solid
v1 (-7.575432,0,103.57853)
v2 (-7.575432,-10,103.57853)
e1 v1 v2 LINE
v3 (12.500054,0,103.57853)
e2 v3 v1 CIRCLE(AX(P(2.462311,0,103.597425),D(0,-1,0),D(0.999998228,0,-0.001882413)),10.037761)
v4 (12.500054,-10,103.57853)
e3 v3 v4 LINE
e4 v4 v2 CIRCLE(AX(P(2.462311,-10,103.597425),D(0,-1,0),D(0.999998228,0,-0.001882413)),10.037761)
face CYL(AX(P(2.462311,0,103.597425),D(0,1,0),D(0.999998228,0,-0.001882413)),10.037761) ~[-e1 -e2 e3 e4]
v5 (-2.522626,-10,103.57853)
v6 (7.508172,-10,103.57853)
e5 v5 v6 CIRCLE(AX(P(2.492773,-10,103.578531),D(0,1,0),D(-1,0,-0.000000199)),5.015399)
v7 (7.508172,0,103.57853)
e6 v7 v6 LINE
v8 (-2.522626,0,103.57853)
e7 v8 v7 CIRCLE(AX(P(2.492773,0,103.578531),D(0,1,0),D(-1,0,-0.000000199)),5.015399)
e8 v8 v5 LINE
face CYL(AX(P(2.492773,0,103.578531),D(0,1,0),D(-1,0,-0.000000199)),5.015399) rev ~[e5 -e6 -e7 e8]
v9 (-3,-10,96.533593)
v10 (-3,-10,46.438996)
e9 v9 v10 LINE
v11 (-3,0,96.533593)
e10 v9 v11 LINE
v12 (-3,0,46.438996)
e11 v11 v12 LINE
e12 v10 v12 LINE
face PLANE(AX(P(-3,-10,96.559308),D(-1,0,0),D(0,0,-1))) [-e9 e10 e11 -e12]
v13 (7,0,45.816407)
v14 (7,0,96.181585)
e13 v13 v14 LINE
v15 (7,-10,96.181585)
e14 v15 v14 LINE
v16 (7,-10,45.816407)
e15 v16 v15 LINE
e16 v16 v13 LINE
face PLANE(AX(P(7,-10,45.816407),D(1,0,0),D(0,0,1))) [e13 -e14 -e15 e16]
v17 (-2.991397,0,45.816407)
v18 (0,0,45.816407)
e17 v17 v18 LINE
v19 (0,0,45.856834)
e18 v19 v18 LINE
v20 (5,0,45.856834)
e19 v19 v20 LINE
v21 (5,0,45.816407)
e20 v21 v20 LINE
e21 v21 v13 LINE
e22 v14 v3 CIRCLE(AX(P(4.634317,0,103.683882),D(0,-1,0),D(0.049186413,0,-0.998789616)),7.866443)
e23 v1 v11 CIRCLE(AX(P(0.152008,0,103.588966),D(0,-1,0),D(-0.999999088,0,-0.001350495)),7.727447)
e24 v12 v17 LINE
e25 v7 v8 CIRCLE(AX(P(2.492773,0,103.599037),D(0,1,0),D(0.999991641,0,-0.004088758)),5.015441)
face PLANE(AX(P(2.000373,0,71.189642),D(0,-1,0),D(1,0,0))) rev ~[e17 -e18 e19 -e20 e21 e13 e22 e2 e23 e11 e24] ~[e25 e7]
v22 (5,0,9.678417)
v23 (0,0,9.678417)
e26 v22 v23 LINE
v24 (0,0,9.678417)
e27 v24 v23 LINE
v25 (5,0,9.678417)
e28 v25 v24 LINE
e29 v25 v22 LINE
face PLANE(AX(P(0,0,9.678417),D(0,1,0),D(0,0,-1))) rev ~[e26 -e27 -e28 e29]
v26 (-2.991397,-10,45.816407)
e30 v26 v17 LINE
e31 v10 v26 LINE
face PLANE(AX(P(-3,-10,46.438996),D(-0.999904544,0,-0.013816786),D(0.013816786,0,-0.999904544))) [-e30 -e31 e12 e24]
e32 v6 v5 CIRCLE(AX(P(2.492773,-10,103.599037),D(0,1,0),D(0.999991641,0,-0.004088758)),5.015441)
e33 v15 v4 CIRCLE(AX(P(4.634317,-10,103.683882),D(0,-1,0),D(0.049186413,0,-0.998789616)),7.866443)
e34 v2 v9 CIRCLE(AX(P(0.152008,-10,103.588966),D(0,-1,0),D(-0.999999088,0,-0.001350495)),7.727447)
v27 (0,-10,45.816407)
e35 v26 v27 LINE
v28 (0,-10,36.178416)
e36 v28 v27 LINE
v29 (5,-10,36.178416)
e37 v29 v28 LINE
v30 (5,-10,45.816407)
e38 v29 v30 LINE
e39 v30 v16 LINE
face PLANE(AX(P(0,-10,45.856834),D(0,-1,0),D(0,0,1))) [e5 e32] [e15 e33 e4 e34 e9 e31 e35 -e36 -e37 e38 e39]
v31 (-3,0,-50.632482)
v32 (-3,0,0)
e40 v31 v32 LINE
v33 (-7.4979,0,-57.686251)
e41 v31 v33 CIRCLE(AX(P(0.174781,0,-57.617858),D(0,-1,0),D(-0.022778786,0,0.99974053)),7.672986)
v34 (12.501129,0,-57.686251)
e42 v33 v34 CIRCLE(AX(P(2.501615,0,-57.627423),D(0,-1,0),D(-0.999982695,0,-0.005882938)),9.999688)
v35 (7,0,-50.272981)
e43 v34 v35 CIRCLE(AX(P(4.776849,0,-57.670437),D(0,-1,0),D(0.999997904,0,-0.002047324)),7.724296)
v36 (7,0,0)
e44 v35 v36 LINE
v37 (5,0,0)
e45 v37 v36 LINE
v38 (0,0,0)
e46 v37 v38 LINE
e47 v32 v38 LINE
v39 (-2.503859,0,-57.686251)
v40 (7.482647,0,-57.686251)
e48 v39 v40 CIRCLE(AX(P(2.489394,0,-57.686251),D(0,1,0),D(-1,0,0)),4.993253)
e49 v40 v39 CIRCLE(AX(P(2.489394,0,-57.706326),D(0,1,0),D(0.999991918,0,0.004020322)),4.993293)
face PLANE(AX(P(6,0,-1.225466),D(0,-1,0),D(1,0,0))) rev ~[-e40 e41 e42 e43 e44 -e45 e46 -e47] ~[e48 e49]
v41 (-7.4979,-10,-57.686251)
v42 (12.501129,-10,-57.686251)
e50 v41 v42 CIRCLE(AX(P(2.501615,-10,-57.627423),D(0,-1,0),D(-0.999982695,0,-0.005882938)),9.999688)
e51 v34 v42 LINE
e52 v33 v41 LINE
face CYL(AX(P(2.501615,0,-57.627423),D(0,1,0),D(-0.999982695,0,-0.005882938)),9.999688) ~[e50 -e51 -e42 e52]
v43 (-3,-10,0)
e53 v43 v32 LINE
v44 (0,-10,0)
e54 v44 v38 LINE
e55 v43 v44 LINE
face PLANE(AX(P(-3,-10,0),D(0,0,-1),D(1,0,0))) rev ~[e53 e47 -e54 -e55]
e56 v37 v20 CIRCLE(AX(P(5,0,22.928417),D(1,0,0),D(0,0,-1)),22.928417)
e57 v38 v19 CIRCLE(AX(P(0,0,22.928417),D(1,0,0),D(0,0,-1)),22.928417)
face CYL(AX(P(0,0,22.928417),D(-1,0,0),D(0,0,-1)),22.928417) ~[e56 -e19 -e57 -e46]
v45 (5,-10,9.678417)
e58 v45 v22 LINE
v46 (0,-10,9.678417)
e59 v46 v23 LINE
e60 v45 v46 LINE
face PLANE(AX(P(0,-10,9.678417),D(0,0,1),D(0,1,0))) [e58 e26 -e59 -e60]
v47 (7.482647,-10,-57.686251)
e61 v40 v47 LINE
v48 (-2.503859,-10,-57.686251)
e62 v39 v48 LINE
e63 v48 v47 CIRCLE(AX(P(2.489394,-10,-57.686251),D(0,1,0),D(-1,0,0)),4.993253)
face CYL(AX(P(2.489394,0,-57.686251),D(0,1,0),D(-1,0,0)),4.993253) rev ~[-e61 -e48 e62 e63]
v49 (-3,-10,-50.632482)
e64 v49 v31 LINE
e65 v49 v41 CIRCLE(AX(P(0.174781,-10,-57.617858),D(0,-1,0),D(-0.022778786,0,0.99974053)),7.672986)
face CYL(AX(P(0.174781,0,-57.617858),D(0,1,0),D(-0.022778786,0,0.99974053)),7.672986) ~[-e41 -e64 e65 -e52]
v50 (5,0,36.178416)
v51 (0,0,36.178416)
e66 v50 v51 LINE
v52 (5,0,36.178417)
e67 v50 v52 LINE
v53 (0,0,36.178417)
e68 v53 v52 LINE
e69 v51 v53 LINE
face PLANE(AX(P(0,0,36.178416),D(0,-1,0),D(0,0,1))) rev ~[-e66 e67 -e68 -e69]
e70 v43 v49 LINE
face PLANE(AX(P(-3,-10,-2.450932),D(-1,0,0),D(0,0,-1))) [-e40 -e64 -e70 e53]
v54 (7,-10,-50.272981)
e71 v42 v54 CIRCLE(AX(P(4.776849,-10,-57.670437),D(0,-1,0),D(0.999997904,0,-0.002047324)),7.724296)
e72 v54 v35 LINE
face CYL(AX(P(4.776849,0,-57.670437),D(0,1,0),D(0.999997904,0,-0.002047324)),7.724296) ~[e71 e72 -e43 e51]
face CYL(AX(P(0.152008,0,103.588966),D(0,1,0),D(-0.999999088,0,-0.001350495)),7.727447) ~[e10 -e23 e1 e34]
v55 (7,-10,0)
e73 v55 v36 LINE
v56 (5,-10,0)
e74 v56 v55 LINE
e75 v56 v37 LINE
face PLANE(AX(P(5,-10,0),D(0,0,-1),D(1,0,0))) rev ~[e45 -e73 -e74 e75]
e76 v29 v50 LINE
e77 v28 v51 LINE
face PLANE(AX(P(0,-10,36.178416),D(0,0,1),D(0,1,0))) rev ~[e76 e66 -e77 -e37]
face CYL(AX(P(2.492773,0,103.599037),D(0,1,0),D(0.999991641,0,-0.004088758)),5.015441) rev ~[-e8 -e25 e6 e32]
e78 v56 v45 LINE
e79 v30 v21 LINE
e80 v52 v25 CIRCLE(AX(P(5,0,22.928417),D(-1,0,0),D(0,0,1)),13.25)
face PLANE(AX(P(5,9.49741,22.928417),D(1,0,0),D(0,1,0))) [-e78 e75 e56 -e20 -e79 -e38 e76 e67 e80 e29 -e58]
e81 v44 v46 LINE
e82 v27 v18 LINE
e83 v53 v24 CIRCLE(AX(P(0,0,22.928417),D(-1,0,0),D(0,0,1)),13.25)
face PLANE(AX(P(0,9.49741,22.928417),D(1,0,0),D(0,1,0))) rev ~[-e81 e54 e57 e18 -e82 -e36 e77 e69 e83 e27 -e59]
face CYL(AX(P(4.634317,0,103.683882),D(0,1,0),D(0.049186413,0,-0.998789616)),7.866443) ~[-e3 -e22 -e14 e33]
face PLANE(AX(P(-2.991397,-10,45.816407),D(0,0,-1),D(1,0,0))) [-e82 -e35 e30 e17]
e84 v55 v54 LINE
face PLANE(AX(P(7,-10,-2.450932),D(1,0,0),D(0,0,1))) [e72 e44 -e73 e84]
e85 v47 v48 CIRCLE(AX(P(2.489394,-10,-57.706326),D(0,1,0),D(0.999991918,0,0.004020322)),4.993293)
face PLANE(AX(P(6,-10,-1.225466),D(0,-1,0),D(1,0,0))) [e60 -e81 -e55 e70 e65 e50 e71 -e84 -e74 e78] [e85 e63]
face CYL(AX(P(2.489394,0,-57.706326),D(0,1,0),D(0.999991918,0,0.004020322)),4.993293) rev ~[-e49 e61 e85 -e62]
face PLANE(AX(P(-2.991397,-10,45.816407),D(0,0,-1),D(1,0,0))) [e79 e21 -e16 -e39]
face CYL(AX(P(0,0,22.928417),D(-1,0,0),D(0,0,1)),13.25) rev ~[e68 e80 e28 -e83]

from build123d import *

# Parameters (mm, degrees)
F0_W      = 10
F0_H      = 50
F0_H_2    = 9.678417
F1_DEPTH  = 4
F2_DEPTH  = 5
F4_DEPTH  = 10
F5_DEPTH  = 5
F6_DEPTH  = 10
F7_DEPTH  = 4
F9_DEPTH  = 10
F10_DEPTH = 10
F11_DEPTH = 10
F8_W      = 2
F8_H      = 2.450932
F8_W_2    = 3
F12_DEPTH = 10


with BuildPart() as f1:
    # F0 (on Right) → F1 (new body)
    with BuildSketch(Plane.YZ):
        with BuildLine():
            ThreePointArc((0, 0), (22.928417, 22.928417), (0, 45.856834))
            Line((0, 45.856834), (0, 36.178417))
            ThreePointArc((0, 36.178417), (13.25, 22.928417), (0, 9.678417))
            Line((0, 9.678417), (0, 0))
        make_face()
        with Locations((-5, -25)):
            Rectangle(F0_W, F0_H)
        with Locations((-5, 4.839208)):
            Rectangle(F0_W, F0_H_2)
        with Locations((-5, 41.017625)):
            Rectangle(F0_W, F0_H_2)
        with Locations((-5, 70.856834)):
            Rectangle(F0_W, F0_H)
    extrude(amount=F1_DEPTH)

    # F0 (on Right) → F2 (join)
    with BuildSketch(Plane.YZ):
        with Locations((-5, 70.856834)):
            Rectangle(F0_W, F0_H)
        with Locations((-5, -25)):
            Rectangle(F0_W, F0_H)
        with BuildLine():
            ThreePointArc((0, 0), (22.928417, 22.928417), (0, 45.856834))
            Line((0, 45.856834), (0, 36.178417))
            ThreePointArc((0, 36.178417), (13.25, 22.928417), (0, 9.678417))
            Line((0, 9.678417), (0, 0))
        make_face()
    extrude(amount=F2_DEPTH)

    # F3 (on Front) → F4 (join, through all)
    with BuildSketch(Plane.XZ):
        with BuildLine():
            Line((-7.4979, -57.686251), (-2.503859, -57.686251))
            ThreePointArc((-2.503859, -57.686251), (2.489394, -52.692998), (7.482647, -57.686251))
            Line((7.482647, -57.686251), (12.501129, -57.686251))
            ThreePointArc((12.501129, -57.686251), (10.28152, -52.251641), (4.882479, -49.946863))
            Line((4.882479, -49.946863), (0, -49.946863))
            ThreePointArc((0, -49.946863), (-5.336135, -52.278896), (-7.4979, -57.686251))
        make_face()
        with BuildLine():
            Line((12.500054, 103.57853), (7.508172, 103.57853))
            ThreePointArc((7.508172, 103.57853), (2.492773, 98.583596), (-2.522626, 103.57853))
            Line((-2.522626, 103.57853), (-7.575432, 103.57853))
            ThreePointArc((-7.575432, 103.57853), (-5.361949, 98.175121), (0, 95.863014))
            Line((0, 95.863014), (5.021239, 95.826961))
            ThreePointArc((5.021239, 95.826961), (10.295439, 98.221958), (12.500054, 103.57853))
        make_face()
        with BuildLine():
            ThreePointArc((-2.522626, 103.57853), (2.492773, 108.59393), (7.508172, 103.57853))
            Line((7.508172, 103.57853), (12.500054, 103.57853))
            ThreePointArc((12.500054, 103.57853), (2.462311, 113.635186), (-7.575432, 103.57853))
            Line((-7.575432, 103.57853), (-2.522626, 103.57853))
        make_face()
    extrude(amount=F4_DEPTH)

    # F0 (on Right) → F5 (join)
    with BuildSketch(Plane.YZ):
        with Locations((-5, 4.839208)):
            Rectangle(F0_W, F0_H_2)
        with BuildLine():
            ThreePointArc((0, 0), (22.928417, 22.928417), (0, 45.856834))
            Line((0, 45.856834), (0, 36.178417))
            ThreePointArc((0, 36.178417), (13.25, 22.928417), (0, 9.678417))
            Line((0, 9.678417), (0, 0))
        make_face()
        with Locations((-5, 41.017625)):
            Rectangle(F0_W, F0_H_2)
        with Locations((-5, 70.856834)):
            Rectangle(F0_W, F0_H)
        with Locations((-5, -25)):
            Rectangle(F0_W, F0_H)
    extrude(amount=F5_DEPTH)

    # F3 (on Front) → F6 (join)
    with BuildSketch(Plane.XZ):
        with BuildLine():
            ThreePointArc((7.482647, -57.686251), (2.489394, -62.699619), (-2.503859, -57.686251))
            Line((-2.503859, -57.686251), (-7.4979, -57.686251))
            ThreePointArc((-7.4979, -57.686251), (2.501614, -67.627111), (12.501129, -57.686251))
            Line((12.501129, -57.686251), (7.482647, -57.686251))
        make_face()
    extrude(amount=F6_DEPTH)

    # F0 (on Right) → F7 (join)
    with BuildSketch(Plane.YZ):
        with BuildLine():
            ThreePointArc((0, 0), (22.928417, 22.928417), (0, 45.856834))
            Line((0, 45.856834), (0, 36.178417))
            ThreePointArc((0, 36.178417), (13.25, 22.928417), (0, 9.678417))
            Line((0, 9.678417), (0, 0))
        make_face()
        with Locations((-5, 4.839208)):
            Rectangle(F0_W, F0_H_2)
        with Locations((-5, 41.017625)):
            Rectangle(F0_W, F0_H_2)
    extrude(amount=F7_DEPTH)

    # F8 (on face) → F9 (join, through all)
    with BuildSketch(Plane.XZ.offset(10)):
        with BuildLine():
            Line((7, -2.450932), (5, -2.450932))
            Line((5, -2.450932), (5, -49.949365))
            ThreePointArc((5, -49.949365), (6.010656, -50.045316), (7, -50.272981))
            Line((7, -50.272981), (7, -49.946863))
            Line((7, -49.946863), (7, -2.450932))
        make_face()
    extrude(amount=-F9_DEPTH)

    # F8 (on face) → F10 (join, through all)
    with BuildSketch(Plane.XZ.offset(10)):
        with BuildLine():
            Line((0, -2.450932), (-3, -2.450932))
            Line((-3, -2.450932), (-3, -50.632482))
            ThreePointArc((-3, -50.632482), (-1.534725, -50.137731), (0, -49.946863))
            Line((0, -49.946863), (0, -2.450932))
        make_face()
    extrude(amount=-F10_DEPTH)

    # F8 (on face) → F11 (join, through all)
    with BuildSketch(Plane.XZ.offset(10)):
        Polygon((7, 46.067663), (7, 63.85126), (7, 95.866434), (7, 96.559308), (-3, 96.559308), (-3, 95.866434), (-3, 63.85126), (-3, 46.438996), (-2.991397, 45.816407), (0, 45.816407), (3.942358, 45.816407), (7, 45.816407), align=None)
    extrude(amount=-F11_DEPTH)

    # F8 (on face) → F12 (join, through all)
    with BuildSketch(Plane.XZ.offset(10)):
        with Locations((6, -1.225466)):
            Rectangle(F8_W, F8_H)
        with Locations((-1.5, -1.225466)):
            Rectangle(F8_W_2, F8_H)
    extrude(amount=-F12_DEPTH)


solid = f1.part
